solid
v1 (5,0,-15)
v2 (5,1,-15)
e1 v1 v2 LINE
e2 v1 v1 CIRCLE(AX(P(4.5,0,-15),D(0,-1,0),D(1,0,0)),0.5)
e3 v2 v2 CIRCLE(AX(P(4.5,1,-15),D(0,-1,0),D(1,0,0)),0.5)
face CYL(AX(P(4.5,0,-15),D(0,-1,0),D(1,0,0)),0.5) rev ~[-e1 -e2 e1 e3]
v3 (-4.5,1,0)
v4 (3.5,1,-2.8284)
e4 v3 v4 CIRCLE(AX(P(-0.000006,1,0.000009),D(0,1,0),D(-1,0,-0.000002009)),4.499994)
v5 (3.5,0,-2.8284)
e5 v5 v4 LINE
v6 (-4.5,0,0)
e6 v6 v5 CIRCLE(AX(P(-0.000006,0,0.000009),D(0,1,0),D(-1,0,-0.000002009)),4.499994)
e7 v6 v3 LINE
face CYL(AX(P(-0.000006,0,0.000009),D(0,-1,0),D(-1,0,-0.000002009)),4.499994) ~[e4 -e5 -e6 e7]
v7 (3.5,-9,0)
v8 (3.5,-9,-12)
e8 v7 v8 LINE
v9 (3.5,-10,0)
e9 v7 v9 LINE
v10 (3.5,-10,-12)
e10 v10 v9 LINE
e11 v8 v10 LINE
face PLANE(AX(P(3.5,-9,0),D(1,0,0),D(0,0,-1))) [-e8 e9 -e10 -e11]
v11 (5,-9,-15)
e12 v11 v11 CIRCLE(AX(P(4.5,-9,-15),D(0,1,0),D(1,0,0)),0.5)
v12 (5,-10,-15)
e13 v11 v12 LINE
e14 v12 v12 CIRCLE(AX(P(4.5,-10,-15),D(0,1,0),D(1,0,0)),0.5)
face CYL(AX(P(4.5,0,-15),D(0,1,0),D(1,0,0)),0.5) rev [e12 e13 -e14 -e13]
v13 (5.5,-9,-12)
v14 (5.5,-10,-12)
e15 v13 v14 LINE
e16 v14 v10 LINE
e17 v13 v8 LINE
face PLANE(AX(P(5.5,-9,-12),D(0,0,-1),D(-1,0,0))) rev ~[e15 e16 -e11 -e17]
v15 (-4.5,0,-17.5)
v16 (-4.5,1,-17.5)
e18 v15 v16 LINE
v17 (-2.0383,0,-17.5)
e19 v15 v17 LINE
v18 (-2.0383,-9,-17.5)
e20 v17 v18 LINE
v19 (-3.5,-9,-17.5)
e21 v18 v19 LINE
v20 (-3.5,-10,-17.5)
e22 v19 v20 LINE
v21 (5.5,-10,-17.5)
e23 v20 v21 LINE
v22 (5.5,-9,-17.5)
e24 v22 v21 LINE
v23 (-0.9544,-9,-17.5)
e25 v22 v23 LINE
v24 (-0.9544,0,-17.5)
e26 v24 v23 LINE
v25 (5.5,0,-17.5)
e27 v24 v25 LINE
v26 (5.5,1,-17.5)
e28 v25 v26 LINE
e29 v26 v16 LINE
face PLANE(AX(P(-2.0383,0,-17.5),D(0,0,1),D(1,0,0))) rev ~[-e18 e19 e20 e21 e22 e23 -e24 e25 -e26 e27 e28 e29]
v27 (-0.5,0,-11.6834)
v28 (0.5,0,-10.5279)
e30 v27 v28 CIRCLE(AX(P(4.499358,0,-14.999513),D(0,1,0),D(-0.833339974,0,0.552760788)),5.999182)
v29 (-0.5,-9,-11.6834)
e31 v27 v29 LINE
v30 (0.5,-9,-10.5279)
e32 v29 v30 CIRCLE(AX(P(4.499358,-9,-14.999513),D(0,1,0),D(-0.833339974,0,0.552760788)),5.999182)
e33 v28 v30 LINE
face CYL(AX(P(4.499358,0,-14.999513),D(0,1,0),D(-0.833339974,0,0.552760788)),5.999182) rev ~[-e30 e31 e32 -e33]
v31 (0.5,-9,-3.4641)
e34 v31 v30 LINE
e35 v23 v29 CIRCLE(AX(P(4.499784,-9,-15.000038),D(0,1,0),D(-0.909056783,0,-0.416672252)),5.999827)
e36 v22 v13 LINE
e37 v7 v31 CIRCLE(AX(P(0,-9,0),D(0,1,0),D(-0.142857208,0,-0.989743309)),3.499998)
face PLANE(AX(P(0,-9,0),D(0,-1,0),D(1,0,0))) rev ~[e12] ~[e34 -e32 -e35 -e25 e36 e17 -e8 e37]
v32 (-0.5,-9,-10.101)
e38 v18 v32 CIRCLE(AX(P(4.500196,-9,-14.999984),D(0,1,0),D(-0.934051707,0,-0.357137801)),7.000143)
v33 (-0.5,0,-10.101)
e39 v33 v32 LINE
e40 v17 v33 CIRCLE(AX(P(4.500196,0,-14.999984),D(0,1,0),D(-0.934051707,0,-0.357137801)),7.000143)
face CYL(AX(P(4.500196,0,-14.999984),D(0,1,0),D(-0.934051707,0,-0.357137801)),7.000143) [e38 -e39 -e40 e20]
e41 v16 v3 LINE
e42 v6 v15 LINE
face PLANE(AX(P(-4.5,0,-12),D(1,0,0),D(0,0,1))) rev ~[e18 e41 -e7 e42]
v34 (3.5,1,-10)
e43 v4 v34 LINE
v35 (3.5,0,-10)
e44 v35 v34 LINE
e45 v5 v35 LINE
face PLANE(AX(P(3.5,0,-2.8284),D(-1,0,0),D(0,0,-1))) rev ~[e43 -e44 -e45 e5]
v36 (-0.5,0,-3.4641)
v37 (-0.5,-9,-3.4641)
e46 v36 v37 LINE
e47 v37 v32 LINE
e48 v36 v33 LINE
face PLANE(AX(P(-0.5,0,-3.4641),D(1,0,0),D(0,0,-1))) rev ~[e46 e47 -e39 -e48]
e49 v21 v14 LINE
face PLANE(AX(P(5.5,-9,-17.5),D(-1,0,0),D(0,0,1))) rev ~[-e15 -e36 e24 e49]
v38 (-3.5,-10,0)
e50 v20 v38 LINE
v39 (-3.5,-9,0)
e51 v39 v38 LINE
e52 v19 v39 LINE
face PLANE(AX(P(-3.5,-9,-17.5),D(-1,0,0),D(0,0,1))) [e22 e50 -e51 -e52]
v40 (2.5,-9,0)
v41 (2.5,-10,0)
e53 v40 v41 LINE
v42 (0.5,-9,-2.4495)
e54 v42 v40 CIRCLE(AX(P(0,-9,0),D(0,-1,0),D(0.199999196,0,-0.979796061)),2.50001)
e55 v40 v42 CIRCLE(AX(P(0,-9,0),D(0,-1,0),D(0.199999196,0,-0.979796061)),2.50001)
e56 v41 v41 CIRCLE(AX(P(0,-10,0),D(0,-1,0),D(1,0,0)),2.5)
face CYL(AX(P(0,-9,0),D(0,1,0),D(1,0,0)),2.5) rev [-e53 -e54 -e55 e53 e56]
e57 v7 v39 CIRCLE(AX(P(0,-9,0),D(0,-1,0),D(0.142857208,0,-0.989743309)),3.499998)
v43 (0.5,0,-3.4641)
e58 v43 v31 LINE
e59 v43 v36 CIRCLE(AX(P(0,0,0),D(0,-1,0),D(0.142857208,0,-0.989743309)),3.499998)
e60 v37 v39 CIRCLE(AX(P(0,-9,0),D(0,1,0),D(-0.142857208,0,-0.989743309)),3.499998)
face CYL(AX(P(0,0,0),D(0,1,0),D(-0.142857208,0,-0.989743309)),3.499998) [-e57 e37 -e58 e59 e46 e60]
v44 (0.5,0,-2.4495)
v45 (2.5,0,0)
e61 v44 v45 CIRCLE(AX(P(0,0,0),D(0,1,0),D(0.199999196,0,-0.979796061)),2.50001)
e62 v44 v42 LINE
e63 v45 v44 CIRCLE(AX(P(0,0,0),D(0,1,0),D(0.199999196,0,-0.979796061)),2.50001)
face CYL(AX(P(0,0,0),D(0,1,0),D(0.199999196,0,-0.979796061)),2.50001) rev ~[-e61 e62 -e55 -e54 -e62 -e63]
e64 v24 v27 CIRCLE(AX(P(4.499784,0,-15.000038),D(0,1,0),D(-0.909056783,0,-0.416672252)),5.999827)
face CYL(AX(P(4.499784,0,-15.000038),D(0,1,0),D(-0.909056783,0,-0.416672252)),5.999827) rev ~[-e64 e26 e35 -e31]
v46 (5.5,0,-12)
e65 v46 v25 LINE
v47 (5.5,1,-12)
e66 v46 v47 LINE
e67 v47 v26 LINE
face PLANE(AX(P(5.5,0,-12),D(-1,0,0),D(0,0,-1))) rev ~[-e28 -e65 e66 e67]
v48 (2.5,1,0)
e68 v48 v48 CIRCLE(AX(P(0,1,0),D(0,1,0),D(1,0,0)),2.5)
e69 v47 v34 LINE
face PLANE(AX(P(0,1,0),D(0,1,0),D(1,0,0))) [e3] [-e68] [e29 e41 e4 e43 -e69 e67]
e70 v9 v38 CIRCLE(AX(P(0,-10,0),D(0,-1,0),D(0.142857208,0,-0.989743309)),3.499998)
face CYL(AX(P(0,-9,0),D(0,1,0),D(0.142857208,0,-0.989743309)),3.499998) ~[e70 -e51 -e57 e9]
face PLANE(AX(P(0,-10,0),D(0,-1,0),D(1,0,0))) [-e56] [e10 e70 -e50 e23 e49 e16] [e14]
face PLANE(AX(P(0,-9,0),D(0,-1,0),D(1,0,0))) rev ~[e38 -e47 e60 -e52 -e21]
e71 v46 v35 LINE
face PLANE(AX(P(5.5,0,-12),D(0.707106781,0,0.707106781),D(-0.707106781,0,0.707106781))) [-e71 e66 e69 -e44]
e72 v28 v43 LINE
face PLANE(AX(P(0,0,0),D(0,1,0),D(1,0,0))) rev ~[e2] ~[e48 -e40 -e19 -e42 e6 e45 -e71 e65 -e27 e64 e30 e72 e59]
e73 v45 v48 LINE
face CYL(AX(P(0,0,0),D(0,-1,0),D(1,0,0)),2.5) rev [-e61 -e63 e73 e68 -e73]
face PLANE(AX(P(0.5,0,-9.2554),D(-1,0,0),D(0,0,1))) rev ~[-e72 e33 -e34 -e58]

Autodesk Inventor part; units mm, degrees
ref_plane "YZ Plane" through (0, 0, 0) normal (1, 0, 0) x (0, 1, 0)
ref_plane "XZ Plane" through (0, 0, 0) normal (0, 1, 0) x (-1, 0, 0)
ref_plane "XY Plane" through (0, 0, 0) normal (0, 0, 1) x (1, 0, 0)
sketch "Esquisse1" plane through (0, 0, 0) normal (0, 1, 0) x (-1, 0, 0)
  arc A0 (-0.5, -2.4495) -> (0.5, -2.4495) centre (0, 0) ccw
  arc A1 (0.5, -3.4641) -> (-0.5, -3.4641) centre (0, 0) ccw
  arc A2 (0.5, -11.6834) -> (-0.5, -10.5279) centre (-4.5, -15) ccw
  arc A3 (0.5, -10.101) -> (-0.5, -9.2554) centre (-4.5, -15) ccw
  line L0 (-11.5, 3.5) -> (3.5, 3.5)
  line L1 (3.5, 3.5) -> (3.5, -17.5)
  line L2 (3.5, -17.5) -> (2.0383, -17.5)
  line L3 (-11.5, -17.5) -> (-11.5, 3.5)
  line L4 (-0.5, 0) -> (0.5, 0)
  line L5 (0.5, 0) -> (0.5, -2.4495)
  line L6 (0.5, -15) -> (-0.5, -15)
  line L7 (-0.5, -15) -> (-0.5, -10.5279)
  line L8 (0.5, -10.101) -> (0.5, -15)
  line L9 (-0.5, -9.2554) -> (-0.5, -3.4641)
  arc A4 (2.0383, -17.5) -> (0.5, -10.101) centre (-4.5, -15) ccw
  arc A5 (0.9544, -17.5) -> (0.5, -11.6834) centre (-4.5, -15) ccw
  line L10 (2.0383, -17.5) -> (0.9544, -17.5)
  line L11 (0.9544, -17.5) -> (-11.5, -17.5)
  arc A6 (-0.5, -10.5279) -> (0.9544, -17.5) centre (-4.5, -15) ccw
  arc A7 (-0.5, -9.2554) -> (2.0383, -17.5) centre (-4.5, -15) ccw
  line L12 (-0.5, -10.5279) -> (-0.5, -9.2554)
  arc A8 (0.5, -2.4495) -> (-0.5, -2.4495) centre (0, 0) ccw
  arc A9 (-0.5, -3.4641) -> (0.5, -3.4641) centre (0, 0) ccw
  line L13 (-0.5, -3.4641) -> (-0.5, -2.4495)
  line L14 (0.5, -2.4495) -> (0.5, -3.4641)
  line L15 (0.5, -3.4641) -> (0.5, -10.101)
  line L16 (-0.5, -2.4495) -> (-0.5, 0)
  dimension "d0" = 5
  dimension "d1" = 1
  dimension "d2" = 14
  dimension "d3" = 1
  dimension "d4" = 15
  dimension "d6" = 8
  dimension "d7" = 21
  dimension "d9" = 1
  dimension "d10" = 0.5
extrude "Extrusion1" add sketch "Esquisse1" against normal blind 9 contours L13 A1 L14 A8 | A9 L15 A3 L9 | A3 L8 A2 L12 | A4 L10 A5 L8
sketch "Esquisse2" plane through (0, 0, 0) normal (0, 1, 0) x (1, 0, 0)
  line L0 (0.5, 3.4641) -> (0.5, 2.4495) projected
  arc A0 (-0.5, 2.4495) -> (0.5, 2.4495) centre (0, 0) ccw projected
  line L1 (-0.5, 2.4495) -> (-0.5, 3.4641) projected
  arc A1 (-0.5, 2.4495) -> (0.5, 2.4495) centre (0, 0) ccw
  arc A2 (-0.5, 3.4641) -> (0.5, 3.4641) centre (0, 0) ccw
  arc A3 (0.5, 2.4495) -> (-0.5, 2.4495) centre (0, 0) ccw
  arc A4 (0.5, 3.4641) -> (-0.5, 3.4641) centre (0, 0) ccw
extrude "Extrusion2" add sketch "Esquisse2" against normal blind 9 contours L0 A3 L1 A4
sketch "Esquisse3" plane through (0, 0, 0) normal (0, 1, 0) x (1, 0, 0)
  circle A0 centre (0, 0) radius 2.5 projected
  arc A1 (-0.9544, 17.5) -> (0.5, 10.5279) centre (4.5, 15) ccw projected
  line L0 (-0.9544, 17.5) -> (-2.0383, 17.5) projected
  arc A2 (-0.5, 3.4641) -> (0.5, 3.4641) centre (0, 0) ccw projected
  line L1 (5.5, 17.5) -> (-4.5, 17.5)
  line L2 (-4.5, 17.5) -> (-4.5, 12)
  line L3 (-4.5, 12) -> (5.5, 12)
  line L4 (5.5, 12) -> (5.5, 17.5)
  arc A3 (3.5, 2.8284) -> (-4.5, 0) centre (0, 0) ccw
  line L5 (-4.5, 0) -> (-2.5, 0)
  line L6 (3.5, 0) -> (3.5, 2.8284)
  line L7 (3.5, 12) -> (-4.5, 12)
  line L8 (-4.5, 12) -> (-4.5, 0)
  line L9 (5.5, 12) -> (3.5, 10)
  line L10 (3.5, 2.8284) -> (3.5, 12)
  arc A4 (-4.5, 0) -> (3.5, 2.8284) centre (0, 0) ccw
  arc A5 (2.5, 0) -> (-2.5, 0) centre (0, 0) ccw
  line L11 (2.5, 0) -> (3.5, 0)
  line L12 (-2.5, 0) -> (2.5, 0)
  arc A6 (-2.5, 0) -> (2.5, 0) centre (0, 0) ccw
  dimension "d15" = 1
  dimension "d16" = 3
  dimension "d18" = 1
  dimension "d19" = 8
  dimension "d20" = 135
extrude "Extrusion3" add sketch "Esquisse3" along normal blind 1 contours L11 A2 L5 A0 | A0 L5 A3 L6 L11 | L6 A4 L5 A2 | A3 L8 L3 L10 | L10 L3 L9 | L2 L1 L0 A1 L3 | L3 A1 L1 L4
sketch "Esquisse4" plane through (0, -9, 0) normal (0, -1, 0) x (1, 0, 0)
  arc A0 (0.5, -3.4641) -> (-0.5, -3.4641) centre (0, 0) ccw projected
  line L0 (-0.5, -3.4641) -> (-0.5, -10.101) projected
  line L1 (-2.0383, -17.5) -> (-0.9544, -17.5) projected
  line L2 (0.5, -10.5279) -> (0.5, -3.4641) projected
  circle A1 centre (0, 0) radius 2.5 projected
  line L3 (-3.5, 0) -> (-2.5, 0)
  line L4 (3.5, 0) -> (3.5, -10)
  line L5 (3.5, -17.5) -> (-3.5, -17.5)
  line L6 (-3.5, -17.5) -> (-3.5, 0)
  arc A2 (3.5, 0) -> (-3.5, 0) centre (0, 0) ccw
  arc A3 (-2.5, 0) -> (2.5, 0) centre (0, 0) ccw
  line L7 (3.5, -17.5) -> (5.5, -17.5)
  line L8 (5.5, -17.5) -> (5.5, -12)
  line L9 (5.5, -12) -> (3.5, -12)
  line L10 (3.5, -12) -> (3.5, -17.5)
  line L11 (5.5, -12) -> (3.5, -12)
  line L12 (3.5, -12) -> (3.5, -10)
  line L13 (3.5, -10) -> (5.5, -10)
  line L14 (5.5, -10) -> (5.5, -12)
  arc A4 (0.5, -3.4641) -> (3.5, 0) centre (0, 0) ccw
  arc A5 (-0.5, -3.4641) -> (0.5, -3.4641) centre (0, 0) ccw
  arc A6 (-3.5, 0) -> (-0.5, -3.4641) centre (0, 0) ccw
  arc A7 (2.5, 0) -> (-2.5, 0) centre (0, 0) ccw
  line L15 (2.5, 0) -> (3.5, 0)
  line L16 (-2.5, 0) -> (2.5, 0)
  line L17 (3.5, -10) -> (3.5, -12)
  line L18 (3.5, -12) -> (3.5, -17.5)
  line L19 (3.5, -10) -> (5.5, -12)
extrude "Extrusion4" add sketch "Esquisse4" along normal blind 1 contours A5 A0 L3 A1 L15 | A0 L4 L12 L10 L5 L1 L6 A5 | L15 A1 L3 A0 | L9 L8 L7 L10
sketch "Esquisse5" plane through (0, 0, 0) normal (0, -1, 0) x (1, 0, 0)
  arc A0 (-0.5, -10.101) -> (-2.0383, -17.5) centre (4.5, -15) ccw projected
  circle A1 centre (4.5, -15) radius 0.5
  dimension "d25" = 1
extrude "Extrusion5" cut sketch "Esquisse5" along normal through all both and the other way through all
properties part number "tendeur"
